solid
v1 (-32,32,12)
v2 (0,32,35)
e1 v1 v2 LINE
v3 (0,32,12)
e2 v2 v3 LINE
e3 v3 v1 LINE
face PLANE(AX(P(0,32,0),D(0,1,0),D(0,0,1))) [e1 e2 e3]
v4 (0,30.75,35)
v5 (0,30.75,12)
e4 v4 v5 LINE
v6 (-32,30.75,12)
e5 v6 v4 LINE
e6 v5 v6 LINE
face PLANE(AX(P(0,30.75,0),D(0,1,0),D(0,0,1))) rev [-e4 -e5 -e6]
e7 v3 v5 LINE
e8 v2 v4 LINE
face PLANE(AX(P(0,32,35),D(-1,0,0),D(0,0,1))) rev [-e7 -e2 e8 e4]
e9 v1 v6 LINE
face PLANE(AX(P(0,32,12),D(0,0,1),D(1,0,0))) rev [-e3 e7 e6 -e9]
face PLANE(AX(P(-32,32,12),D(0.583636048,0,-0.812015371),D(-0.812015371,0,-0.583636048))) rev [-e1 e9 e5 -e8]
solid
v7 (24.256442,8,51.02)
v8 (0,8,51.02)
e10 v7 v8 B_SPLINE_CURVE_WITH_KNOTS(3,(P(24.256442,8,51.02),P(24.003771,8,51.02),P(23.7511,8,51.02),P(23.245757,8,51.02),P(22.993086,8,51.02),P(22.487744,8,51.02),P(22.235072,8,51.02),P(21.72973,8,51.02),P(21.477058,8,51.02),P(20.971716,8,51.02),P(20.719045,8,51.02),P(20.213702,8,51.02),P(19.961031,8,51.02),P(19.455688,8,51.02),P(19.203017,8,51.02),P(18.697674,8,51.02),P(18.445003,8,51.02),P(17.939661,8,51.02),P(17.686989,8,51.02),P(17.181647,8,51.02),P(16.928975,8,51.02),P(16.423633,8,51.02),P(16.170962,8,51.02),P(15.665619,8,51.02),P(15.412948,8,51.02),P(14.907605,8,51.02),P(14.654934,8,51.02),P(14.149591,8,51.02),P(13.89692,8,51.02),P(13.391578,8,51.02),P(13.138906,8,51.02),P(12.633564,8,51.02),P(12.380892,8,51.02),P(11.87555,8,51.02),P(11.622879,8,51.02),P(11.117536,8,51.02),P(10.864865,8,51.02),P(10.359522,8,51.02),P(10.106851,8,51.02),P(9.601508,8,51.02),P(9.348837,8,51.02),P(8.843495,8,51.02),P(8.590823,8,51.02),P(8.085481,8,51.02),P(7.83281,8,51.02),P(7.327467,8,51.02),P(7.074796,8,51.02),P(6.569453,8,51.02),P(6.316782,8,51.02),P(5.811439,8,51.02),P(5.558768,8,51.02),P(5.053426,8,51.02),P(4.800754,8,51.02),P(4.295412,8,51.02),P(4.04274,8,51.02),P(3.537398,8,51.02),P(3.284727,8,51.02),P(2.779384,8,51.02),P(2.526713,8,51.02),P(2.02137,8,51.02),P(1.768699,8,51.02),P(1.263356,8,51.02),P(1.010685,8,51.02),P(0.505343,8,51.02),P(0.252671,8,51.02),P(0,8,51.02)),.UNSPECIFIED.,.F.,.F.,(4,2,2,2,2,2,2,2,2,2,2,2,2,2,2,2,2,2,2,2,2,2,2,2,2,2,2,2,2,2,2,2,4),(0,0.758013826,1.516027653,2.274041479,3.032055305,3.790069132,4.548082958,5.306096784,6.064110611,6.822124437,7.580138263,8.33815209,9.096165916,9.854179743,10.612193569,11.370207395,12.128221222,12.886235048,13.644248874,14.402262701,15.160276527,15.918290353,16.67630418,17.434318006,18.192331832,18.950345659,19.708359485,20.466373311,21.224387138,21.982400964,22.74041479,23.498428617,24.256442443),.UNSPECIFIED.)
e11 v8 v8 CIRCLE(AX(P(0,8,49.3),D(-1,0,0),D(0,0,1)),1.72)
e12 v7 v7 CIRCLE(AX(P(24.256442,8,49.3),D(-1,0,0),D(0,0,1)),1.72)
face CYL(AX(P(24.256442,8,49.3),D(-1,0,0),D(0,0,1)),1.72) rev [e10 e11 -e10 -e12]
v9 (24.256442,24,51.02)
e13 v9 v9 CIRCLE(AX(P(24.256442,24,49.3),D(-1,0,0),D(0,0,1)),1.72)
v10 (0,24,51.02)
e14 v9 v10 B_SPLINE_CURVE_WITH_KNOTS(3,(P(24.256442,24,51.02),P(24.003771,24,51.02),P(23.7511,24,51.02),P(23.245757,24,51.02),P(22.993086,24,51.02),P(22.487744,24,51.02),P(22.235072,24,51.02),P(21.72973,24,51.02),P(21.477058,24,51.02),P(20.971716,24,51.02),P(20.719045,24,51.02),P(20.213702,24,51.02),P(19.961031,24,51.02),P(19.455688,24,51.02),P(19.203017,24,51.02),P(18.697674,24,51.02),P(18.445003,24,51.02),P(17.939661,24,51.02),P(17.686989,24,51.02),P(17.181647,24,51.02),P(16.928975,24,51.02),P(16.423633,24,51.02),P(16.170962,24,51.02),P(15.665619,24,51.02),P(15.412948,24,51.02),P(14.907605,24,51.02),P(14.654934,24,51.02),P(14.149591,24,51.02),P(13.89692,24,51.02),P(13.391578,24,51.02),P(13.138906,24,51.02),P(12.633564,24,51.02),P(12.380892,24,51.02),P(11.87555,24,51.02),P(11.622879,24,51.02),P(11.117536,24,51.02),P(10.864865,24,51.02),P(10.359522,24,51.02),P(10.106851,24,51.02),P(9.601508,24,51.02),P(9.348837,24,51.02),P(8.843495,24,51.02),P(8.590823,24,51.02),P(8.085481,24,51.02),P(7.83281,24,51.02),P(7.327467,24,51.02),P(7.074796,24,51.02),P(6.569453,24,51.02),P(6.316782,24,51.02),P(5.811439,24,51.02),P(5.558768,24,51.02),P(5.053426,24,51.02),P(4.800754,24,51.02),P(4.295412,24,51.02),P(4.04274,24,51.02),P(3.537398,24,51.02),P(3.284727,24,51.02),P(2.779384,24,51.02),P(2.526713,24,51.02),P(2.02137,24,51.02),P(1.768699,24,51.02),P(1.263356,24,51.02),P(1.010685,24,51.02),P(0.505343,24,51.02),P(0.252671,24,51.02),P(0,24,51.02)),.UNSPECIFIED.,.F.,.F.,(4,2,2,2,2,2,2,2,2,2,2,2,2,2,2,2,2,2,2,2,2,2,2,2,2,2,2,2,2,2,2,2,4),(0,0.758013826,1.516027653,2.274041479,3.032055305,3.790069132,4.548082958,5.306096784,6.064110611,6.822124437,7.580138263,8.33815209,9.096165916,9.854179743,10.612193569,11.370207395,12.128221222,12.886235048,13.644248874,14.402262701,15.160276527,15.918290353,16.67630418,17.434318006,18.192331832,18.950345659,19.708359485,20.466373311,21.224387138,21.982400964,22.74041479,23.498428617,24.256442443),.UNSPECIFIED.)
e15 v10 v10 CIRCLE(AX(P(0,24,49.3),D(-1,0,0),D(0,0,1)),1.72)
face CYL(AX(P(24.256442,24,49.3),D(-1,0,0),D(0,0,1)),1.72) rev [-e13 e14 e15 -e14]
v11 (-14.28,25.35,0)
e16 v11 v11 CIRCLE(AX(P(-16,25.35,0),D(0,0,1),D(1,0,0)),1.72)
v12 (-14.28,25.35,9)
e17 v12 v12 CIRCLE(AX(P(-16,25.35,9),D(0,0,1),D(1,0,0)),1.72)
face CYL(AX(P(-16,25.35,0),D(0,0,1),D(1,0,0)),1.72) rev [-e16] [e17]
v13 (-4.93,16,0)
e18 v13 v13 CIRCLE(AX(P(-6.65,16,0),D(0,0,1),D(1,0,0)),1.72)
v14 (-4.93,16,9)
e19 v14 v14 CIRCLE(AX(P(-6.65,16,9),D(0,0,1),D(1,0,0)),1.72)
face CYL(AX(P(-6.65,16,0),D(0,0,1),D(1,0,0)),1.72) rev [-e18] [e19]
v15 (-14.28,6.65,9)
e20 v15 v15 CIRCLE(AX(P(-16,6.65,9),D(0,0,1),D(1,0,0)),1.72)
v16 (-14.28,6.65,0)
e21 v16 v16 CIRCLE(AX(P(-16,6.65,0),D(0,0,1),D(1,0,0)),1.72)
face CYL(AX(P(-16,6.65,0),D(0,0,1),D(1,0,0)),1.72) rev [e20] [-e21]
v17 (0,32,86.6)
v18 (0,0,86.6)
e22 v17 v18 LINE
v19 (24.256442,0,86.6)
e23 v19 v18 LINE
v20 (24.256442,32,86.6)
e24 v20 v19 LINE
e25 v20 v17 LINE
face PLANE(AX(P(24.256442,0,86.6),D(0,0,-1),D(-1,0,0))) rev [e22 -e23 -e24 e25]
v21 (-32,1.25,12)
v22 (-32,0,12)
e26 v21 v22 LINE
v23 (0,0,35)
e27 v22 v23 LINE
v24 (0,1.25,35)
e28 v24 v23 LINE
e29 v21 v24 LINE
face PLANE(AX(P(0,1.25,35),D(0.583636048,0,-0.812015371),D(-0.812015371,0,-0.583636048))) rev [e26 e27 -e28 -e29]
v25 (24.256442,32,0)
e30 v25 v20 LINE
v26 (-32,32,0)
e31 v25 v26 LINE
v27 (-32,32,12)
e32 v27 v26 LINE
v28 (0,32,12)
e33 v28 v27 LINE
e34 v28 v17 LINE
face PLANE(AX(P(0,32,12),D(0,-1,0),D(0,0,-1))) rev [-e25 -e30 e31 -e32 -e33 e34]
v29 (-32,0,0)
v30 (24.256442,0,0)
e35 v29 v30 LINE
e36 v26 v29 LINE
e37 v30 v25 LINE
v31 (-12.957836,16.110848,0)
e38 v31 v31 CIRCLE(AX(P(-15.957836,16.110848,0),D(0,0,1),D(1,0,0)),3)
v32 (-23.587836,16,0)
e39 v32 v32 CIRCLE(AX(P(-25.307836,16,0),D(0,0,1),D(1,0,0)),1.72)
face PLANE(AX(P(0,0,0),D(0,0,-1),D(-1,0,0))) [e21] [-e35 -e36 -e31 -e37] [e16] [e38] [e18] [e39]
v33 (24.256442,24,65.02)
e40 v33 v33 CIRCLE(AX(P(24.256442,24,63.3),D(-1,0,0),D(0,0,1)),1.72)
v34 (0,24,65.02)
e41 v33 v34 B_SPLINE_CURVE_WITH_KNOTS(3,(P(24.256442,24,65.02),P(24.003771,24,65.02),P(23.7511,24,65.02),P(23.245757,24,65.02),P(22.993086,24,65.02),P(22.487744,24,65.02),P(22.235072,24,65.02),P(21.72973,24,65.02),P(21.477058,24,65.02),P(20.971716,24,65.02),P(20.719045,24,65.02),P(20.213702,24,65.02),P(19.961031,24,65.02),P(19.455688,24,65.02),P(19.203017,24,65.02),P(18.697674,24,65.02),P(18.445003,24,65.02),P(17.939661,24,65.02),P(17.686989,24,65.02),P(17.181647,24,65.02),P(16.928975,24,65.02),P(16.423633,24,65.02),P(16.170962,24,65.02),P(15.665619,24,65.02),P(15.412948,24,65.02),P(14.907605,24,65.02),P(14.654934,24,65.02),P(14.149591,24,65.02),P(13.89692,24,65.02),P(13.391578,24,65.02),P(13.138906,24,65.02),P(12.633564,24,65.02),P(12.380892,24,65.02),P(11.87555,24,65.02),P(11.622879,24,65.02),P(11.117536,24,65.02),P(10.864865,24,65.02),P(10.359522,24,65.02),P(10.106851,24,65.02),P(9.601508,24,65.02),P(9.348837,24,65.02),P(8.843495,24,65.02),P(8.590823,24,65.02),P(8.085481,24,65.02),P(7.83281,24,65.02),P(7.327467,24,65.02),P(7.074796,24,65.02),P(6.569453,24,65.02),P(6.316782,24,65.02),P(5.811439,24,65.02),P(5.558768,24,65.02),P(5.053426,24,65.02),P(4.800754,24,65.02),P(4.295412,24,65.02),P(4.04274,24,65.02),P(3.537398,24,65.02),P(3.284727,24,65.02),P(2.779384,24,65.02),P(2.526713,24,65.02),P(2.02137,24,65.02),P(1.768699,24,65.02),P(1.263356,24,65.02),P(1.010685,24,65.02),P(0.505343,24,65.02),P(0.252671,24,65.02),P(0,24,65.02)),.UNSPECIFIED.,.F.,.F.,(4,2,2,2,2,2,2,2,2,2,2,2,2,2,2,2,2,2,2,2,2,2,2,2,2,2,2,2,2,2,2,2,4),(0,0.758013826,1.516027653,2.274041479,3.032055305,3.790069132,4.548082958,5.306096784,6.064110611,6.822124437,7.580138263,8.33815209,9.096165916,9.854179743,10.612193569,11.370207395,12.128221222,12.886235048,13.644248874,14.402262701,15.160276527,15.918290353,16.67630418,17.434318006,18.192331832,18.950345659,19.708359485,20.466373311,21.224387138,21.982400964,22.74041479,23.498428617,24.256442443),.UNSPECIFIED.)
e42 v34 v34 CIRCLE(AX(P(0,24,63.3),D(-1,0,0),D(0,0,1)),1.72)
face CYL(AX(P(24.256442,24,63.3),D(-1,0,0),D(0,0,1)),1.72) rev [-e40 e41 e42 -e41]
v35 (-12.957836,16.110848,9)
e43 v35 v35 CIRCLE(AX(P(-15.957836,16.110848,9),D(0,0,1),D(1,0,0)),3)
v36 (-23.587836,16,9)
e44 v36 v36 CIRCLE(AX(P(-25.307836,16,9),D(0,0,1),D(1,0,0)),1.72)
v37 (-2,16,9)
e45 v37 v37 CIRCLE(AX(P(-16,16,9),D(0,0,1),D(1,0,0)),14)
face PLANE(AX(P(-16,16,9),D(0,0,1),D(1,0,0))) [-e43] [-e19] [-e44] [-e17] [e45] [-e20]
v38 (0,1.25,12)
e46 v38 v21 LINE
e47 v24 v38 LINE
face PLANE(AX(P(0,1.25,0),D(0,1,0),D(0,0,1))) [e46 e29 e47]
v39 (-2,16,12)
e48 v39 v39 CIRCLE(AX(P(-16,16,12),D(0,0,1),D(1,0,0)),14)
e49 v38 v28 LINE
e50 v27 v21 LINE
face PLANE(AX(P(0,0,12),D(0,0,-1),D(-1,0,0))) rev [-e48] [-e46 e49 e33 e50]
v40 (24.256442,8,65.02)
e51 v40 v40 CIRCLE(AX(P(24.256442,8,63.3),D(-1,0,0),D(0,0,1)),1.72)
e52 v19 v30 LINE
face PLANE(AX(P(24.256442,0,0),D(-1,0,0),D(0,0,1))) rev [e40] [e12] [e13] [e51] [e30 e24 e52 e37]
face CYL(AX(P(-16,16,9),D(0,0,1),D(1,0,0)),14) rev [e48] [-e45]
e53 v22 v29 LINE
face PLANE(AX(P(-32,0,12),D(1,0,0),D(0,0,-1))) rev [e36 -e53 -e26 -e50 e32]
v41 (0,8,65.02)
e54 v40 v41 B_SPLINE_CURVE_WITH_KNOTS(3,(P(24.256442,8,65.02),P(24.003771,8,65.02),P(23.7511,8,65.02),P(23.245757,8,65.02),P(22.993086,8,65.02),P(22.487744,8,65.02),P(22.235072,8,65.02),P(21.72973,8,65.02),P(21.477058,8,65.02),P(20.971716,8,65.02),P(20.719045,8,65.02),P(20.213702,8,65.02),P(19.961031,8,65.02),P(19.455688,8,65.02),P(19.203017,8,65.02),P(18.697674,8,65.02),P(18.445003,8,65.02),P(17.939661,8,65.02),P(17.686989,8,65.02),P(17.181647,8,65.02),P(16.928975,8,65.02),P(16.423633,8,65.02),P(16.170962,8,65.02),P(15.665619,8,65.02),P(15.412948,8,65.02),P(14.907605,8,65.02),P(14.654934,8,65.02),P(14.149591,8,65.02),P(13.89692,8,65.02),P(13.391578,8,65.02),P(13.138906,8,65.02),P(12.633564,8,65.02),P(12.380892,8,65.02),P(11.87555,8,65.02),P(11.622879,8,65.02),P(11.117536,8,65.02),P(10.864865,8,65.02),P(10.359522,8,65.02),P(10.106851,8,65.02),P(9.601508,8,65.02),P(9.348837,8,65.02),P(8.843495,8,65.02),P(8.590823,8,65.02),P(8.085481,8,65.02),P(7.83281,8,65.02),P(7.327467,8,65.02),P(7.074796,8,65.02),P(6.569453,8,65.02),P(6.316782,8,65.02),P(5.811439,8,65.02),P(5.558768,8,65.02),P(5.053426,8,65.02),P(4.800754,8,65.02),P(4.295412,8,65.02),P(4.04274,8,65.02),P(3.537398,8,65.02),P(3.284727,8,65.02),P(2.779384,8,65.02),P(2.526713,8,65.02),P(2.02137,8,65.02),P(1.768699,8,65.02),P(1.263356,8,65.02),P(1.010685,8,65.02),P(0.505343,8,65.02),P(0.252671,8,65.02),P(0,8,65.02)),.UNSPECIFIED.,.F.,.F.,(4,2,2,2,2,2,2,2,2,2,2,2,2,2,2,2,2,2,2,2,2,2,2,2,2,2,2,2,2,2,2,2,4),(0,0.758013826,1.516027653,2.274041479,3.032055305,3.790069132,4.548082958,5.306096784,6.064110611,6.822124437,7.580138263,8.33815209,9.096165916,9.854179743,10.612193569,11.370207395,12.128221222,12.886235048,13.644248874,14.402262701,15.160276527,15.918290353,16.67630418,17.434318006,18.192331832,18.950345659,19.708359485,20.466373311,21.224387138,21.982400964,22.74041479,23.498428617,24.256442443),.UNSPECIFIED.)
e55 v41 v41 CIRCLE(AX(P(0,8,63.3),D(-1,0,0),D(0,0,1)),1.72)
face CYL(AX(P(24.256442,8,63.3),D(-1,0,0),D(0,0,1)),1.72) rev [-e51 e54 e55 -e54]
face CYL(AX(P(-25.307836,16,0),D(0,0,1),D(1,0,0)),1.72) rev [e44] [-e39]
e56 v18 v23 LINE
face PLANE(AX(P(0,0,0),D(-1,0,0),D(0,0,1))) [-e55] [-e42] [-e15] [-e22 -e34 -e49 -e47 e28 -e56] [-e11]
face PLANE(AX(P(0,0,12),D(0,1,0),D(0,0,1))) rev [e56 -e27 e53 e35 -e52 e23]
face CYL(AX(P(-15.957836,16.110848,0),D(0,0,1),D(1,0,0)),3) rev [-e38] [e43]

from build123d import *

# Parameters (mm, degrees)
SKETCH1_W           = 32
SKETCH1_H           = 32
BOSS_EXTRUDE1_DEPTH = 12
SKETCH2_W           = 32
SKETCH2_H           = 86.6
BOSS_EXTRUDE2_DEPTH = 24.256442443
SKETCH3_R           = 14
CUT_EXTRUDE1_DEPTH  = 3
SKETCH4_R           = 3
CUT_EXTRUDE2_DEPTH  = 90.831842907
SKETCH9_R           = 1.72
CUT_EXTRUDE3_DEPTH  = 90.831842907
SKETCH10_R          = 1.72
CUT_EXTRUDE4_DEPTH  = 98.711616505
BOSS_EXTRUDE4_DEPTH = 1.25
BOSS_EXTRUDE5_DEPTH = 1.25


with BuildPart() as part:
    # Sketch1 → Boss-Extrude1 (new body)
    with BuildSketch(Plane(origin=(0, 0, 0), x_dir=(0, 1, 0), z_dir=(0, 0, 1))):
        with Locations((16, 16)):
            Rectangle(SKETCH1_W, SKETCH1_H)
    extrude(amount=BOSS_EXTRUDE1_DEPTH)

    # Sketch2 → Boss-Extrude2 (add)
    with BuildSketch(Plane.YZ):
        with Locations((16, 43.3)):
            Rectangle(SKETCH2_W, SKETCH2_H)
    extrude(amount=BOSS_EXTRUDE2_DEPTH)

    # Sketch3 → Cut-Extrude1 (cut)
    with BuildSketch(Plane.XY.offset(12)):
        with Locations((-16, 16)):
            Circle(SKETCH3_R)
    extrude(amount=-CUT_EXTRUDE1_DEPTH, mode=Mode.SUBTRACT)

    # Sketch4 → Cut-Extrude2 (cut, through all)
    with BuildSketch(Plane.XY.offset(9)):
        with Locations((-15.957836343, 16.110848394)):
            Circle(SKETCH4_R)
    extrude(amount=-CUT_EXTRUDE2_DEPTH, mode=Mode.SUBTRACT)

    # Sketch9 → Cut-Extrude3 (cut, through all)
    with BuildSketch(Plane.XY.offset(9)):
        with Locations((-16, 25.35)):
            Circle(SKETCH9_R)
        with Locations((-16, 6.65)):
            Circle(SKETCH9_R)
        with Locations((-6.65, 16)):
            Circle(SKETCH9_R)
        with Locations((-25.307836343, 16)):
            Circle(SKETCH9_R)
    extrude(amount=-CUT_EXTRUDE3_DEPTH, mode=Mode.SUBTRACT)

    # Sketch10 → Cut-Extrude4 (cut, through all)
    with BuildSketch(Plane(origin=(0, 0, 0), x_dir=(0, -1, 0), z_dir=(-1, 0, 0))):
        with Locations(Location((-24, 63.3, 0), (0, 0, 90))):
            Circle(SKETCH10_R)
        with Locations(Location((-24, 49.3, 0), (0, 0, 90))):
            Circle(SKETCH10_R)
        with Locations(Location((-8, 63.3, 0), (0, 0, 90))):
            Circle(SKETCH10_R)
        with Locations(Location((-8, 49.3, 0), (0, 0, 90))):
            Circle(SKETCH10_R)
    extrude(amount=-CUT_EXTRUDE4_DEPTH, mode=Mode.SUBTRACT)

    # Sketch12 → Boss-Extrude4 (add)
    with BuildSketch(Plane(origin=(0, 0, 0), x_dir=(-1, 0, 0), z_dir=(0, 1, 0))):
        Polygon((32, 12), (0, 12), (0, 35), align=None)
    extrude(amount=BOSS_EXTRUDE4_DEPTH)


with BuildPart() as body_2:
    # 3DSketch5 → Boss-Extrude5 (new body)
    with BuildSketch(Plane(origin=(0, 32, 35), x_dir=(-0.812015371342713, 0, -0.583636048152576), z_dir=(0, -1, 0))):
        Polygon((0, 0), (13.423629108, 18.676353541), (39.40812099, 0), align=None)
    extrude(amount=BOSS_EXTRUDE5_DEPTH)


solid = Compound([part.part, body_2.part])
